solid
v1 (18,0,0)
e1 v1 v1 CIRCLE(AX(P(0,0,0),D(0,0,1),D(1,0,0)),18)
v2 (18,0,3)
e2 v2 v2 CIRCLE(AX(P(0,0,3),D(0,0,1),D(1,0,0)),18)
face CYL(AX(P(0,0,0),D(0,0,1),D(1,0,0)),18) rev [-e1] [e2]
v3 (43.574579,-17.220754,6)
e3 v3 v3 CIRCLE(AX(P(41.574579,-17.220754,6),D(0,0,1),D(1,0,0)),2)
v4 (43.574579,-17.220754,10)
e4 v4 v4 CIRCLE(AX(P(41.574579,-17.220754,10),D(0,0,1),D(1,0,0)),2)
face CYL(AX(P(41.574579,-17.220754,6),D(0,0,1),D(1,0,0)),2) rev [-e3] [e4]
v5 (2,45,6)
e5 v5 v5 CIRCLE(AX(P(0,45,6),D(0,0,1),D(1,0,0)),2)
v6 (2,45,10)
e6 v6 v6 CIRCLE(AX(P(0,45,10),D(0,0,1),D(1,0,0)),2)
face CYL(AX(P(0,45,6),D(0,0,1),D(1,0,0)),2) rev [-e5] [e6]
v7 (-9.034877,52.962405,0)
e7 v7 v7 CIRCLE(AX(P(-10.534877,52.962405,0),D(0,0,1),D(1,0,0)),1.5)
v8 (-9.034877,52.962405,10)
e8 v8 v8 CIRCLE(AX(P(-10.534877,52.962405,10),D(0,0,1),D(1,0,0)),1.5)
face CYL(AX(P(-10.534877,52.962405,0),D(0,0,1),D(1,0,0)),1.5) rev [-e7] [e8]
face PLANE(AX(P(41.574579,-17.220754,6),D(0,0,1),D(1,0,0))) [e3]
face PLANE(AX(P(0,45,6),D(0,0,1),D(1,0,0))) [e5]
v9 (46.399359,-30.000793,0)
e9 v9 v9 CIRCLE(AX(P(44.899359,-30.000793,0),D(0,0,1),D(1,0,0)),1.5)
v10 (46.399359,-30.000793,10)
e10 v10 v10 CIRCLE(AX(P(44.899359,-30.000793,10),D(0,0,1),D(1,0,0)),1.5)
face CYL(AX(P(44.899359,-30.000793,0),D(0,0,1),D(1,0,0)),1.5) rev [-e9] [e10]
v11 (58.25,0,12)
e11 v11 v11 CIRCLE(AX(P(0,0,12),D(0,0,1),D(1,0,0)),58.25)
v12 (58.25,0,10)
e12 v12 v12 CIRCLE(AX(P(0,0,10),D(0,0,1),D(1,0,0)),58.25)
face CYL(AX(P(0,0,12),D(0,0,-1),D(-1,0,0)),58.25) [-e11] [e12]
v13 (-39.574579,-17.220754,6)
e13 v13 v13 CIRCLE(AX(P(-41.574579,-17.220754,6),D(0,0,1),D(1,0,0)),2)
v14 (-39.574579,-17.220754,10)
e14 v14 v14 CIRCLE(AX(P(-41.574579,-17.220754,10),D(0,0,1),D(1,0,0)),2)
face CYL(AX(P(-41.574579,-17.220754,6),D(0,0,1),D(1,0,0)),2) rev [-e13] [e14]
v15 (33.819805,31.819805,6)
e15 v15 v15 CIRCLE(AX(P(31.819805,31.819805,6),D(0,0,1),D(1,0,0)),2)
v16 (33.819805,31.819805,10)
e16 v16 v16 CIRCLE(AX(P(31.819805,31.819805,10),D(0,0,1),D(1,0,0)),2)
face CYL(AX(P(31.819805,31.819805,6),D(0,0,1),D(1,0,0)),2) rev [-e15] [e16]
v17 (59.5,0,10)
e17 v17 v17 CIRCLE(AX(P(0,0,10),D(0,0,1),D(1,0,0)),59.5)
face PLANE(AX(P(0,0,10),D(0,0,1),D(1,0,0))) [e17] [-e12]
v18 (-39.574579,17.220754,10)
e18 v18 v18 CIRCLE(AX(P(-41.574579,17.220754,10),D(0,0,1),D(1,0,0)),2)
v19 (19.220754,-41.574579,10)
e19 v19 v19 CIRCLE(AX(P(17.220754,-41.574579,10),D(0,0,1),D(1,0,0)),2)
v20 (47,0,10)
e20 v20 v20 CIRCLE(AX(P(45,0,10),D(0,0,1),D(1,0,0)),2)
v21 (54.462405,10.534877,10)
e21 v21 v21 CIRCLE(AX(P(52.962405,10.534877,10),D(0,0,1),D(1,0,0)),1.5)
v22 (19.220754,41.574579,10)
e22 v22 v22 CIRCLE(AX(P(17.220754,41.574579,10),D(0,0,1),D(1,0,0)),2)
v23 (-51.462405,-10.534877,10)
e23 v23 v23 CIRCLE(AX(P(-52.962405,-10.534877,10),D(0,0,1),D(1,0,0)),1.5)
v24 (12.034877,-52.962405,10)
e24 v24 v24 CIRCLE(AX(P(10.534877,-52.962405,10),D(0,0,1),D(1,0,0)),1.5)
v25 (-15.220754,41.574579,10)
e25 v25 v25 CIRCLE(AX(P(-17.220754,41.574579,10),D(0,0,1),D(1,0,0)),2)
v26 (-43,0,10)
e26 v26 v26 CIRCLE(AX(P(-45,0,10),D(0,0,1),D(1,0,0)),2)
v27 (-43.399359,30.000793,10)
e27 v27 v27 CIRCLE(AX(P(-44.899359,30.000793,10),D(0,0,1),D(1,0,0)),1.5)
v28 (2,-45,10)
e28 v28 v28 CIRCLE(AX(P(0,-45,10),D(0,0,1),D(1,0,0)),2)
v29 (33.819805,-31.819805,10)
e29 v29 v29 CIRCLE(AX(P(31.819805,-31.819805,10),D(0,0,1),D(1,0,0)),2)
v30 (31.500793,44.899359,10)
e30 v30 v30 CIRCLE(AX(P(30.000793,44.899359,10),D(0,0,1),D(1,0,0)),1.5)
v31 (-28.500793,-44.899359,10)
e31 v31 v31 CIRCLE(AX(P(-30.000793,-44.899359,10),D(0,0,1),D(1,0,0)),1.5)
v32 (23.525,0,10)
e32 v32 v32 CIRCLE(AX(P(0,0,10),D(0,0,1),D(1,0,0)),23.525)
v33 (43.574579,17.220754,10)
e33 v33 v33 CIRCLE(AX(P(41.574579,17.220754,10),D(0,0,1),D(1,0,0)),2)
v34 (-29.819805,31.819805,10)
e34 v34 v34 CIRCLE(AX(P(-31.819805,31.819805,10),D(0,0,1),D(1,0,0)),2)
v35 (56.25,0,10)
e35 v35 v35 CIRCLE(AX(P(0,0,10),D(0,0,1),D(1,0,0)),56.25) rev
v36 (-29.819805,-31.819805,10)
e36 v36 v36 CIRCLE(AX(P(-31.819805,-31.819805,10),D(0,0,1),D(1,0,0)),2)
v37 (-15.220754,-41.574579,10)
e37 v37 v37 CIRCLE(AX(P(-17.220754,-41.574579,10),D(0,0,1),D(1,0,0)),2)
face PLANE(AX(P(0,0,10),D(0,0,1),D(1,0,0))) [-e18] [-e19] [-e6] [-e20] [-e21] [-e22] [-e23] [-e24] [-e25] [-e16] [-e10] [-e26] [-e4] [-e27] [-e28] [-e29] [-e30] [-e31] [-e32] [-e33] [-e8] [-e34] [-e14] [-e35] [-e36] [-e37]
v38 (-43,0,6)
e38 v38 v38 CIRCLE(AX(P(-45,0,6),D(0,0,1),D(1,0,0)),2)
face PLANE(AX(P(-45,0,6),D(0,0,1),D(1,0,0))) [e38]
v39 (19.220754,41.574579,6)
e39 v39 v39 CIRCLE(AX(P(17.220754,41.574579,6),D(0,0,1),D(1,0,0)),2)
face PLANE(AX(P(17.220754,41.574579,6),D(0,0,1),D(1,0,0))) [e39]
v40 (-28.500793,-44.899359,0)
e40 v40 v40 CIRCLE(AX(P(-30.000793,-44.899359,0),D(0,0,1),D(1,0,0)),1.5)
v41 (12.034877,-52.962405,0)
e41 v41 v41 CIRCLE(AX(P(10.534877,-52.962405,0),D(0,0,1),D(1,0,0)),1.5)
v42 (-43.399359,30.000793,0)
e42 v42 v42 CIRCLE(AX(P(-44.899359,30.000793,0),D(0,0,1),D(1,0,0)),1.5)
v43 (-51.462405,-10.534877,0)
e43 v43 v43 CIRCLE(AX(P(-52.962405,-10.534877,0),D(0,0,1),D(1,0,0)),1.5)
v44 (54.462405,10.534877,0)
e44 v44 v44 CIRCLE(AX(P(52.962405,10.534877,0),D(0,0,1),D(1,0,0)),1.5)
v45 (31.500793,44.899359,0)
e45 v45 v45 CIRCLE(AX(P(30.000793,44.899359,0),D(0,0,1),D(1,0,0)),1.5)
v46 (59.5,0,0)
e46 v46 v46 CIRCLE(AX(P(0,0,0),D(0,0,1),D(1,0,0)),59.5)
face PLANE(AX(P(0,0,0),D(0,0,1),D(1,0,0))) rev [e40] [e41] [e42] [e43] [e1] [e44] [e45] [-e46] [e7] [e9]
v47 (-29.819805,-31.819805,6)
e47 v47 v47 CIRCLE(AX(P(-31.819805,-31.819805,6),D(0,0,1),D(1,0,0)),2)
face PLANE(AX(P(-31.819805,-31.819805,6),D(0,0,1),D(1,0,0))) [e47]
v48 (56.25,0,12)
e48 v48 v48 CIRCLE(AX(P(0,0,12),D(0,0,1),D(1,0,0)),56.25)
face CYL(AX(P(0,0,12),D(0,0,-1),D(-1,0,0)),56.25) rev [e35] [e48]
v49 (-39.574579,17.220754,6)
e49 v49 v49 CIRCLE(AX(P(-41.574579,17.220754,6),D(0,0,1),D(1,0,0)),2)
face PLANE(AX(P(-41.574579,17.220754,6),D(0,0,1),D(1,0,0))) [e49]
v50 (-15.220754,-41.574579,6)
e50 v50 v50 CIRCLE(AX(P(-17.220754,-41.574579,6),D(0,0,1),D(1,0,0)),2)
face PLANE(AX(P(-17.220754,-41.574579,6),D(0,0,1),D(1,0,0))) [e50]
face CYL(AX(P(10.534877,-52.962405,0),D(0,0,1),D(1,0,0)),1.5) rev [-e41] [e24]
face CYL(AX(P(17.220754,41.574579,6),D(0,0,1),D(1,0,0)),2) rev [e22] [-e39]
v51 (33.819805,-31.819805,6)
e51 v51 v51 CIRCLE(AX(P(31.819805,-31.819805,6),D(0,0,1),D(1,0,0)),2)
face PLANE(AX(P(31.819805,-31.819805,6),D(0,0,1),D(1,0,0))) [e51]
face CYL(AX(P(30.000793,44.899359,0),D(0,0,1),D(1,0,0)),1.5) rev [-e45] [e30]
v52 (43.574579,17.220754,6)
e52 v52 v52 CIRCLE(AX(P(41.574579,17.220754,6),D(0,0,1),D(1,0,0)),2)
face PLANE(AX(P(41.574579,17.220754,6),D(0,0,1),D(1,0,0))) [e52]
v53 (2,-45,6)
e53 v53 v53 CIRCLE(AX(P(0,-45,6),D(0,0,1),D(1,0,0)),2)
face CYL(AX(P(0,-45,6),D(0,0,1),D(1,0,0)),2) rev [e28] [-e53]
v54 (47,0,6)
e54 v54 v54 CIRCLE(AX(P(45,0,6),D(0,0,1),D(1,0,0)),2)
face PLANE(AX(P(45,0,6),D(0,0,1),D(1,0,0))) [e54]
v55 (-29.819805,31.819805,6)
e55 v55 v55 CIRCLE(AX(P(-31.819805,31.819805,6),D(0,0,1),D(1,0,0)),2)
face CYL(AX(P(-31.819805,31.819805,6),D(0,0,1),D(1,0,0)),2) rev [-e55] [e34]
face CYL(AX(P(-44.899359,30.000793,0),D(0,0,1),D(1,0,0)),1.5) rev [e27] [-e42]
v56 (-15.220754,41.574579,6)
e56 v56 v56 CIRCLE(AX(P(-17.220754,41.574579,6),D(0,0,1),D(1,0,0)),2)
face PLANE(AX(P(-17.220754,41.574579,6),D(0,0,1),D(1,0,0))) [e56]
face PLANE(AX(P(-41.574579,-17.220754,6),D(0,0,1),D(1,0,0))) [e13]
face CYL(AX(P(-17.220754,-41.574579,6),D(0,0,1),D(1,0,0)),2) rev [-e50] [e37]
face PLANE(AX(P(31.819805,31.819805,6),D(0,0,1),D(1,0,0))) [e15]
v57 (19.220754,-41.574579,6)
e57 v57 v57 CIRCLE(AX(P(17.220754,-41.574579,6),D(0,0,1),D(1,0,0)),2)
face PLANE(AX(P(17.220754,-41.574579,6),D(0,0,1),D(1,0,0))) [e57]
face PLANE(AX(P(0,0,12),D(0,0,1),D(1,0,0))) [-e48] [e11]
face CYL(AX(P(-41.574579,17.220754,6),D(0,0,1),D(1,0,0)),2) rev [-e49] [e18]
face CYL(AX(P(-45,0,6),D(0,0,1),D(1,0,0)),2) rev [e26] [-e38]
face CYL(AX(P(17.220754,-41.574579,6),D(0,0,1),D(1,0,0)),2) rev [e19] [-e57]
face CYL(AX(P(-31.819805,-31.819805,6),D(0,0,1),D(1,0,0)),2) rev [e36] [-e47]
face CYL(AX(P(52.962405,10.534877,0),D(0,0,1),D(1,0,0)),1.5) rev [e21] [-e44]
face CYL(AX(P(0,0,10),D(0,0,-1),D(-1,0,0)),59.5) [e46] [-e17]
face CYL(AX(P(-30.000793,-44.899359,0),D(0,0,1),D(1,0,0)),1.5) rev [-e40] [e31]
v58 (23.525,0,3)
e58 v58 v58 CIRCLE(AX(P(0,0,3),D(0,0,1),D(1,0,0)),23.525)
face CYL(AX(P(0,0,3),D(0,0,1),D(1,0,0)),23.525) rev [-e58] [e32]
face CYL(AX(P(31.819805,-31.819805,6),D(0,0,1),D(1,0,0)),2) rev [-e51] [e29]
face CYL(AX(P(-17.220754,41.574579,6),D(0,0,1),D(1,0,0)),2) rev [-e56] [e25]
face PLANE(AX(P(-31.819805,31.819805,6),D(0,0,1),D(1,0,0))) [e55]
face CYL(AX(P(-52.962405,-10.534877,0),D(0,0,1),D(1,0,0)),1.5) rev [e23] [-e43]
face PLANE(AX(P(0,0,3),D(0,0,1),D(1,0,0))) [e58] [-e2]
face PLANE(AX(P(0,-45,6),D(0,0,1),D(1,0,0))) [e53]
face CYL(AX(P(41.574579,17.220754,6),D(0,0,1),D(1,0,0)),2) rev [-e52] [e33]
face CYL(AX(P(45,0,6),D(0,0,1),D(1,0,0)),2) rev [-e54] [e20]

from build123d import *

# Parameters (mm, degrees)
SKETCH1_R           = 59.5
BOSS_EXTRUDE1_DEPTH = 10
SKETCH4_R           = 23.525
CUT_EXTRUDE2_DEPTH  = 7
SKETCH5_R           = 18
CUT_EXTRUDE3_DEPTH  = 85.436366573
SKETCH7_R           = 2
CUT_EXTRUDE4_DEPTH  = 4
SKETCH8_R           = 1.5
CUT_EXTRUDE5_DEPTH  = 85.737830985
SKETCH10_R          = 58.25
SKETCH10_R_2        = 57.25
SKETCH10_R_3        = 56.25
BOSS_EXTRUDE2_DEPTH = 2


with BuildPart() as part:
    # Sketch1 → Boss-Extrude1 (new body)
    with BuildSketch(Plane.XY):
        Circle(SKETCH1_R)
    extrude(amount=BOSS_EXTRUDE1_DEPTH)

    # Sketch4 → Cut-Extrude2 (cut)
    with BuildSketch(Plane.XY.offset(10)):
        Circle(SKETCH4_R)
    extrude(amount=-CUT_EXTRUDE2_DEPTH, mode=Mode.SUBTRACT)

    # Sketch5 → Cut-Extrude3 (cut, through all)
    with BuildSketch(Plane.XY.offset(3)):
        Circle(SKETCH5_R)
    extrude(amount=-CUT_EXTRUDE3_DEPTH, mode=Mode.SUBTRACT)

    # Sketch7 → Cut-Extrude4 (cut)
    with BuildSketch(Plane.XY.offset(10)):
        with Locations((45, 0)):
            Circle(SKETCH7_R)
        with Locations((41.574578963, -17.220754456)):
            Circle(SKETCH7_R)
        with Locations((31.819805153, -31.819805153)):
            Circle(SKETCH7_R)
        with Locations((17.220754456, -41.574578963)):
            Circle(SKETCH7_R)
        with Locations((0, -45)):
            Circle(SKETCH7_R)
        with Locations((-17.220754456, -41.574578963)):
            Circle(SKETCH7_R)
        with Locations((-31.819805153, -31.819805153)):
            Circle(SKETCH7_R)
        with Locations((-41.574578963, -17.220754456)):
            Circle(SKETCH7_R)
        with Locations((-45, 0)):
            Circle(SKETCH7_R)
        with Locations((-41.574578963, 17.220754456)):
            Circle(SKETCH7_R)
        with Locations((-31.819805153, 31.819805153)):
            Circle(SKETCH7_R)
        with Locations((-17.220754456, 41.574578963)):
            Circle(SKETCH7_R)
        with Locations((0, 45)):
            Circle(SKETCH7_R)
        with Locations((17.220754456, 41.574578963)):
            Circle(SKETCH7_R)
        with Locations((31.819805153, 31.819805153)):
            Circle(SKETCH7_R)
        with Locations((41.574578963, 17.220754456)):
            Circle(SKETCH7_R)
    extrude(amount=-CUT_EXTRUDE4_DEPTH, mode=Mode.SUBTRACT)

    # Sketch8 → Cut-Extrude5 (cut, through all)
    with BuildSketch(Plane.XY.offset(10)):
        with Locations((30.000792583, 44.899359064)):
            Circle(SKETCH8_R)
        with Locations((52.962405142, 10.534877389)):
            Circle(SKETCH8_R)
        with Locations((44.899359064, -30.000792583)):
            Circle(SKETCH8_R)
        with Locations((10.534877389, -52.962405142)):
            Circle(SKETCH8_R)
        with Locations((-30.000792583, -44.899359064)):
            Circle(SKETCH8_R)
        with Locations((-52.962405142, -10.534877389)):
            Circle(SKETCH8_R)
        with Locations((-44.899359064, 30.000792583)):
            Circle(SKETCH8_R)
        with Locations((-10.534877389, 52.962405142)):
            Circle(SKETCH8_R)
    extrude(amount=-CUT_EXTRUDE5_DEPTH, mode=Mode.SUBTRACT)

    # Sketch10 → Boss-Extrude2 (add)
    # profile 1 of 2: a face of its own
    with BuildSketch(Plane.XY.offset(10)):
        Circle(SKETCH10_R)
        Circle(SKETCH10_R_2, mode=Mode.SUBTRACT)
    # profile 2 of 2: a face of its own
    with BuildSketch(Plane.XY.offset(10)):
        Circle(SKETCH10_R_2)
        Circle(SKETCH10_R_3, mode=Mode.SUBTRACT)
    extrude(amount=BOSS_EXTRUDE2_DEPTH)


solid = part.part
